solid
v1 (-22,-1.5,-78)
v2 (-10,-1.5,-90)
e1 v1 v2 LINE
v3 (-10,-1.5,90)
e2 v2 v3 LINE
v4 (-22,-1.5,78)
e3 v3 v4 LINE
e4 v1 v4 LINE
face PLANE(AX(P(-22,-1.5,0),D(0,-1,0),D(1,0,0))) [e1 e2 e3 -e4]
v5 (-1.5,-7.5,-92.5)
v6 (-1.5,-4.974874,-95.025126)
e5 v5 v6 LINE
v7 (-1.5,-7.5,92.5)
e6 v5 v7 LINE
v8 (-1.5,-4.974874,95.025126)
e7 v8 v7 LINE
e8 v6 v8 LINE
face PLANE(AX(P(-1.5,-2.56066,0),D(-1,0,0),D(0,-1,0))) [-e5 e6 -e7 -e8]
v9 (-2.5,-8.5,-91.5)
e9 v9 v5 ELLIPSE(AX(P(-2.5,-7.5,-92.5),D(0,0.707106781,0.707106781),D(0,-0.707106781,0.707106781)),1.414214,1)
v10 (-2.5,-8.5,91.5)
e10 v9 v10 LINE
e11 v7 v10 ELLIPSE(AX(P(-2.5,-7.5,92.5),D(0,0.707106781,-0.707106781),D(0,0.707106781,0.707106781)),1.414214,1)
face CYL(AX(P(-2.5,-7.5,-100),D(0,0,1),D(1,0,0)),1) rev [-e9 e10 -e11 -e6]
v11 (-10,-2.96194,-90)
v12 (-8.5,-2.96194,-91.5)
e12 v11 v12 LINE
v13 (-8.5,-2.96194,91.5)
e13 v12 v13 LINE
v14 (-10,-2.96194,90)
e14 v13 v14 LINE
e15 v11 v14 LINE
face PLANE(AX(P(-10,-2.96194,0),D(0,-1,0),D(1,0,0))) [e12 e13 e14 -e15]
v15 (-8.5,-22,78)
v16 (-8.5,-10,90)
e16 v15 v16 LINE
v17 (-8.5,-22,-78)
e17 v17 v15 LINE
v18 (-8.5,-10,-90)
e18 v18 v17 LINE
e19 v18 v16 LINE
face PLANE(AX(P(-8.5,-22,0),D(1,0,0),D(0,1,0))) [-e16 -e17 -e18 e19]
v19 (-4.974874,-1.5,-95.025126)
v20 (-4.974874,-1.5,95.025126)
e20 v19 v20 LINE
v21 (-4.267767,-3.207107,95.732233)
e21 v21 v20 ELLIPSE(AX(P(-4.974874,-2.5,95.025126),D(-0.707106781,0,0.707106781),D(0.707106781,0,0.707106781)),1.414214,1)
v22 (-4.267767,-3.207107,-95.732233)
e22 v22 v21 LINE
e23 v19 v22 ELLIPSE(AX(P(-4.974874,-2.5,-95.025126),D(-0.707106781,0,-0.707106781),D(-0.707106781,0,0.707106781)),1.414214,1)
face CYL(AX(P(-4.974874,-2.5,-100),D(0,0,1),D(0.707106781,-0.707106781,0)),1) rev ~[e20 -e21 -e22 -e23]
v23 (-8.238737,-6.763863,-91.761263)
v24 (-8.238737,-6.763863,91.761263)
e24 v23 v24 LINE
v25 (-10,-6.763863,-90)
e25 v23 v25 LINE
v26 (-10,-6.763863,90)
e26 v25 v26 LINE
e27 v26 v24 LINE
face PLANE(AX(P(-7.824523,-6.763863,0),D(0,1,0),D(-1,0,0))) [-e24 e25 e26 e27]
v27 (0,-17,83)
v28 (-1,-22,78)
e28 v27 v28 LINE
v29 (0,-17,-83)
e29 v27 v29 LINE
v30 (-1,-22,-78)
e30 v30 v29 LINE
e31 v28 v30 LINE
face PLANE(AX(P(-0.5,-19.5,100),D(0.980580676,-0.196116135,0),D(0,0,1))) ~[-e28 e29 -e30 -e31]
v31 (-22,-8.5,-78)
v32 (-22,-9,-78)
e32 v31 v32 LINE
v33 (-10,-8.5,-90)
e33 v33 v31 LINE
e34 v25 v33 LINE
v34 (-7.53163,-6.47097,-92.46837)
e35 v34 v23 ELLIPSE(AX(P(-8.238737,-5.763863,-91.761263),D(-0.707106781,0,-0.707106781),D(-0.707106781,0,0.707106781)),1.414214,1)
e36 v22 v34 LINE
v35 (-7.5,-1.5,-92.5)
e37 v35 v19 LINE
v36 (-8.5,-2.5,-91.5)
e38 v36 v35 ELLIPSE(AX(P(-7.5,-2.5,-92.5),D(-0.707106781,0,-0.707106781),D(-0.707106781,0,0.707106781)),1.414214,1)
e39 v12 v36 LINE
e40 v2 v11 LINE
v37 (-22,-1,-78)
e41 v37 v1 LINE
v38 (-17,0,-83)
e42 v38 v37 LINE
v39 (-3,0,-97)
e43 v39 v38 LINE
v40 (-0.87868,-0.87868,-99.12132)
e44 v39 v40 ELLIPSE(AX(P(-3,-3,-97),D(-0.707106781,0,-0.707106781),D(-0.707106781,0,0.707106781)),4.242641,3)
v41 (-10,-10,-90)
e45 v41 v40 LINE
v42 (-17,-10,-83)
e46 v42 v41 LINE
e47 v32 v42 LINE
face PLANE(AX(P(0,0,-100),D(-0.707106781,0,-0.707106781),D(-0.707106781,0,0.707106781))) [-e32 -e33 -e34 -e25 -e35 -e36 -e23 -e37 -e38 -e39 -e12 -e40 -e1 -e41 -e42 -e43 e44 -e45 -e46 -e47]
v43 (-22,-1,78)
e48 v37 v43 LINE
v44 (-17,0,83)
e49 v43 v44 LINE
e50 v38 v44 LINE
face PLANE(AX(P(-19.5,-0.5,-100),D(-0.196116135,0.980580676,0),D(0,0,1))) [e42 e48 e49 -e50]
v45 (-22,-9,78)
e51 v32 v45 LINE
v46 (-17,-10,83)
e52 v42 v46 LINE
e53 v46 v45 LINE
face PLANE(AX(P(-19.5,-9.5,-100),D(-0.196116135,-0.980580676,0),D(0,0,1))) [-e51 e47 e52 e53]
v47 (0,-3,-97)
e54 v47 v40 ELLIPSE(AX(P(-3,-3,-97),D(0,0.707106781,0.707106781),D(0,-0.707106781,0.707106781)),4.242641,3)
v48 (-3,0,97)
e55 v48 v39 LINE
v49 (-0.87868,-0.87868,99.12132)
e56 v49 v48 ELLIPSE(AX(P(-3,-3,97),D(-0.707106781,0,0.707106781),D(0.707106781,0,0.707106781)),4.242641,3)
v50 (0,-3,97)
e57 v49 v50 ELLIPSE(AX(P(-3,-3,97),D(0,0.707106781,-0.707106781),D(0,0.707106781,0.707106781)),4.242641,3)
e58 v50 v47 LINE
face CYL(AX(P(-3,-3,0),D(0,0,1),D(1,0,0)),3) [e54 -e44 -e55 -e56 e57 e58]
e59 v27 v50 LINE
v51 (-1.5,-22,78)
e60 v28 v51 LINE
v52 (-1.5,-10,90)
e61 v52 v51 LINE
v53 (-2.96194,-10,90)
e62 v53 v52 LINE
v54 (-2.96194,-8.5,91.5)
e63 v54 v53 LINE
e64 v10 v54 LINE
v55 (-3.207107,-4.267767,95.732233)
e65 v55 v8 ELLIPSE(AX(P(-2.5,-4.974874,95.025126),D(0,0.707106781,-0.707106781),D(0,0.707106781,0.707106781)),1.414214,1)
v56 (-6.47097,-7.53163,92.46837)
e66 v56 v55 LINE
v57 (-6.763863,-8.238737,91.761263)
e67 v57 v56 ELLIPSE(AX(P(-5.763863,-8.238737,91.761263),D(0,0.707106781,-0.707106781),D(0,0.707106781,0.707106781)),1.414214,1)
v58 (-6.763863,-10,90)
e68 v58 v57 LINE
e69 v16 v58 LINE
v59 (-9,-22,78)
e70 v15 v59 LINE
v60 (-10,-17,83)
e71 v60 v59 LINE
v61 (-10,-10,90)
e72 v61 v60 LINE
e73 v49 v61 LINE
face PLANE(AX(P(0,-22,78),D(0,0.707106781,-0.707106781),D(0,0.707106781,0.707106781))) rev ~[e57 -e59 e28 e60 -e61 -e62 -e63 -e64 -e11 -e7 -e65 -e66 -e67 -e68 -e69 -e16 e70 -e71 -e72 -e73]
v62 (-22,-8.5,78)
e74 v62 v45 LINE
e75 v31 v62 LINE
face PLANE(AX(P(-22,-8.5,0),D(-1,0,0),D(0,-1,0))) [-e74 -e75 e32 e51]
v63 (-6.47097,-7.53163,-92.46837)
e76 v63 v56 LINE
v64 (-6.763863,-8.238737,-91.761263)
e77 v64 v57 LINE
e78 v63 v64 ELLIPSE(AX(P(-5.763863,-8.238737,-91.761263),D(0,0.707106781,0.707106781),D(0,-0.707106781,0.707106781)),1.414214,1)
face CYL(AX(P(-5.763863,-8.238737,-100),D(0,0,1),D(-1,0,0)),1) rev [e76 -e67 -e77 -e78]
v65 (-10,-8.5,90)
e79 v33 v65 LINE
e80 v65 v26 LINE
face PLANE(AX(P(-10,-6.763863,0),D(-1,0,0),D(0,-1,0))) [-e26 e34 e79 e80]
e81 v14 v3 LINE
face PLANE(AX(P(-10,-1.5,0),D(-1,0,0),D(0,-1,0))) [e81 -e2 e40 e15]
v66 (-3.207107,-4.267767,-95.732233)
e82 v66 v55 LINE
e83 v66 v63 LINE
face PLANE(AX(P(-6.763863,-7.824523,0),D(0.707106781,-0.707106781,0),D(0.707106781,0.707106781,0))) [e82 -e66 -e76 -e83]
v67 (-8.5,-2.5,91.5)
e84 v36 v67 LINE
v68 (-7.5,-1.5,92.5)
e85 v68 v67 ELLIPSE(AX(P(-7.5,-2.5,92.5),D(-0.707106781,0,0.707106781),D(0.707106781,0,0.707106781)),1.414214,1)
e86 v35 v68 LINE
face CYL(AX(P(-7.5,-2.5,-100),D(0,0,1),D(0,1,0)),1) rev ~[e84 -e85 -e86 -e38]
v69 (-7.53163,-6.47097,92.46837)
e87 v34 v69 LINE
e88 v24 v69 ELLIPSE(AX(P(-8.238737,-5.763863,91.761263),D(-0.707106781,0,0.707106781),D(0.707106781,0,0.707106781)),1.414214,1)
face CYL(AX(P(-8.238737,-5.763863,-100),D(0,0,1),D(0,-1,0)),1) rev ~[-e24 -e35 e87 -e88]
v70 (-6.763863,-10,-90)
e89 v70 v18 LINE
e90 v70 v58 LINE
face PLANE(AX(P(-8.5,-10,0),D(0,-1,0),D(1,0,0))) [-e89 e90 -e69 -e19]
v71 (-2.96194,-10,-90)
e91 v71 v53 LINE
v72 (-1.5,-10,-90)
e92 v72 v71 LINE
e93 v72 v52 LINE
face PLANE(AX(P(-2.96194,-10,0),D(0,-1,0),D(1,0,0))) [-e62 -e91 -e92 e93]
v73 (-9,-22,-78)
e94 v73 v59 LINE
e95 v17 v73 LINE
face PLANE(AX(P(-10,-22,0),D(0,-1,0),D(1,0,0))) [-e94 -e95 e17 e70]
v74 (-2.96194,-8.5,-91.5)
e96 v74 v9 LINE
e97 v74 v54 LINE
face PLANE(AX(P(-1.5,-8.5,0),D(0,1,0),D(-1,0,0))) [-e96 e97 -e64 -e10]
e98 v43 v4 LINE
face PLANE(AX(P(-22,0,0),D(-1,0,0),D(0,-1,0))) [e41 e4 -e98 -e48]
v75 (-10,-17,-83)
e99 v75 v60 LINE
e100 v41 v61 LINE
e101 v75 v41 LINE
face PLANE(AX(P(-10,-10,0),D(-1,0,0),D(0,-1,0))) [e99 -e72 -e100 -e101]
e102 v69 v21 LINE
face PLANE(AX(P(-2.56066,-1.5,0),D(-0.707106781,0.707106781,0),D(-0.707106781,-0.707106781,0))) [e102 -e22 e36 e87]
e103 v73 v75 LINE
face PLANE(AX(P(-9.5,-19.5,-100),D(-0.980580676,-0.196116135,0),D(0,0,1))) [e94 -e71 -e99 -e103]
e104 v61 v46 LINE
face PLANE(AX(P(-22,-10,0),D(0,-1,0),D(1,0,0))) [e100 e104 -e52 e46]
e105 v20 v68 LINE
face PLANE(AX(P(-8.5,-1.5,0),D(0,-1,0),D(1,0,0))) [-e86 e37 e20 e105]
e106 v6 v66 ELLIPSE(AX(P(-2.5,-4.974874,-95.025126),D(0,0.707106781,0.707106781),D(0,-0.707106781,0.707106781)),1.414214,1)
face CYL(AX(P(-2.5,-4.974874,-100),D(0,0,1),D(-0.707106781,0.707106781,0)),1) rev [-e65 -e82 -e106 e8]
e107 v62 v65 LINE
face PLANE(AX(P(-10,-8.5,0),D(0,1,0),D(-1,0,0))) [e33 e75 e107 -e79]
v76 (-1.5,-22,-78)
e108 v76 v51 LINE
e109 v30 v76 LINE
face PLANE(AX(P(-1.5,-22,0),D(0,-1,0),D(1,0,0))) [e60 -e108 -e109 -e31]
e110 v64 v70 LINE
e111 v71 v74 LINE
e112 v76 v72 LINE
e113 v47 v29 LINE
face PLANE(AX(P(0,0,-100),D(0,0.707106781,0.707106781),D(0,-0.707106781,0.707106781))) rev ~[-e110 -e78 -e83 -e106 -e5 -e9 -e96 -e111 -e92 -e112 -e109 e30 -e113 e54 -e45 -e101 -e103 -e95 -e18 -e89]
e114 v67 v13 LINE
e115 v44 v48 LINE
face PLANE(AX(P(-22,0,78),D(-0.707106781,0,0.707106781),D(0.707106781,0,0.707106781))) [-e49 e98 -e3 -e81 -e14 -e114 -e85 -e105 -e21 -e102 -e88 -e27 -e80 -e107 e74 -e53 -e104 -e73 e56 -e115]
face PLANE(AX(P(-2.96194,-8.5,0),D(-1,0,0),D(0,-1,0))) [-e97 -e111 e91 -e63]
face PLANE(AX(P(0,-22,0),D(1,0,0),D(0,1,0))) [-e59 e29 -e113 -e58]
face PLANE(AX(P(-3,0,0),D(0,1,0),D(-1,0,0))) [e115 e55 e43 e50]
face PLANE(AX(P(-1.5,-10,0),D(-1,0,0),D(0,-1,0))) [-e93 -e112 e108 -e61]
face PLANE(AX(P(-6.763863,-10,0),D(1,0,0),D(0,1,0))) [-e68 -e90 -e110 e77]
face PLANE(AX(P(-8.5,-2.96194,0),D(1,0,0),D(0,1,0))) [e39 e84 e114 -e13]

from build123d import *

# Parameters (mm, degrees)
F1_DEPTH   = 100
F2_SIZE2   = 1
F2_SIZE    = 5
F2_2_SIZE2 = 1
F2_2_SIZE  = 5
F3_SIZE2   = 5
F3_SIZE    = 1
F3_2_SIZE2 = 5
F3_2_SIZE  = 1
F4_R       = 1
F7_DEPTH   = 25
F8_DEPTH   = 25


with BuildPart() as f1:
    # F0 (on Top) → F1 (new body, symmetric)
    with BuildSketch(Plane.XY):
        with BuildLine():
            Line((-3, 0), (-22, 0))
            Line((-22, 0), (-22, -1.5))
            Line((-22, -1.5), (-10, -1.5))
            Line((-10, -1.5), (-10, -2.9619401321))
            Line((-10, -2.9619401321), (-8.5, -2.9619401321))
            Line((-8.5, -2.9619401321), (-8.5, -1.5))
            Line((-8.5, -1.5), (-2.5606601718, -1.5))
            Line((-2.5606601718, -1.5), (-7.8245233162, -6.7638631444))
            Line((-7.8245233162, -6.7638631444), (-10, -6.7638631444))
            Line((-10, -6.7638631444), (-10, -8.5))
            Line((-10, -8.5), (-22, -8.5))
            Line((-22, -8.5), (-22, -10))
            Line((-22, -10), (-10, -10))
            Line((-10, -10), (-10, -22))
            Line((-10, -22), (-8.5, -22))
            Line((-8.5, -22), (-8.5, -10))
            Line((-8.5, -10), (-6.7638631444, -10))
            Line((-6.7638631444, -10), (-6.7638631444, -7.8245233162))
            Line((-6.7638631444, -7.8245233162), (-1.5, -2.5606601718))
            Line((-1.5, -2.5606601718), (-1.5, -8.5))
            Line((-1.5, -8.5), (-2.9619401321, -8.5))
            Line((-2.9619401321, -8.5), (-2.9619401321, -10))
            Line((-2.9619401321, -10), (-1.5, -10))
            Line((-1.5, -10), (-1.5, -22))
            Line((-1.5, -22), (0, -22))
            Line((0, -22), (0, -3))
            ThreePointArc((0, -3), (-0.8786796564, -0.8786796564), (-3, 0))
        make_face()
    extrude(amount=F1_DEPTH, both=True)

    # F2
    f2_edges = [f1.edges().sort_by_distance(p)[0] for p in [
        (-22, -10, 0),
    ]]
    f2_side = f1.faces().sort_by_distance((-16, -10, 0))[0]
    chamfer(f2_edges, length=F2_SIZE, length2=F2_SIZE2, reference=f2_side)

    # F2#2
    f2_2_edges = [f1.edges().sort_by_distance(p)[0] for p in [
        (0, -22, 0),
    ]]
    f2_2_side = f1.faces().sort_by_distance((0, -12.5, 0))[0]
    chamfer(f2_2_edges, length=F2_2_SIZE, length2=F2_2_SIZE2, reference=f2_2_side)

    # F3
    f3_edges = [f1.edges().sort_by_distance(p)[0] for p in [
        (-22, 0, 0),
    ]]
    f3_side = f1.faces().sort_by_distance((-22, -0.75, 0))[0]
    chamfer(f3_edges, length=F3_SIZE, length2=F3_SIZE2, reference=f3_side)

    # F3#2
    f3_2_edges = [f1.edges().sort_by_distance(p)[0] for p in [
        (-10, -22, 0),
    ]]
    f3_2_side = f1.faces().sort_by_distance((-9.25, -22, 0))[0]
    chamfer(f3_2_edges, length=F3_2_SIZE, length2=F3_2_SIZE2, reference=f3_2_side)

    # F4
    f4_edges = [f1.edges().sort_by_distance(p)[0] for p in [
        (-2.56066, -1.5, 0),
        (-1.5, -2.56066, 0),
        (-6.763863, -7.824523, 0),
        (-7.824523, -6.763863, 0),
        (-1.5, -8.5, 0),
        (-8.5, -1.5, 0),
    ]]
    fillet(f4_edges, radius=F4_R)

    # F5 (on Front) → F7 (cut)
    with BuildSketch(Plane.XZ):
        Polygon((0, 100), (-22, 100), (-22, 78), align=None)
        Polygon((-22, -78), (-22, -100), (0, -100), align=None)
    extrude(amount=F7_DEPTH, mode=Mode.SUBTRACT)

    # F6 (on Right) → F8 (cut)
    with BuildSketch(Plane.YZ):
        Polygon((-22, 78), (0, 100), (-22, 100), align=None)
        Polygon((-22, -100), (0, -100), (-22, -78), align=None)
    extrude(amount=-F8_DEPTH, mode=Mode.SUBTRACT)


solid = f1.part
